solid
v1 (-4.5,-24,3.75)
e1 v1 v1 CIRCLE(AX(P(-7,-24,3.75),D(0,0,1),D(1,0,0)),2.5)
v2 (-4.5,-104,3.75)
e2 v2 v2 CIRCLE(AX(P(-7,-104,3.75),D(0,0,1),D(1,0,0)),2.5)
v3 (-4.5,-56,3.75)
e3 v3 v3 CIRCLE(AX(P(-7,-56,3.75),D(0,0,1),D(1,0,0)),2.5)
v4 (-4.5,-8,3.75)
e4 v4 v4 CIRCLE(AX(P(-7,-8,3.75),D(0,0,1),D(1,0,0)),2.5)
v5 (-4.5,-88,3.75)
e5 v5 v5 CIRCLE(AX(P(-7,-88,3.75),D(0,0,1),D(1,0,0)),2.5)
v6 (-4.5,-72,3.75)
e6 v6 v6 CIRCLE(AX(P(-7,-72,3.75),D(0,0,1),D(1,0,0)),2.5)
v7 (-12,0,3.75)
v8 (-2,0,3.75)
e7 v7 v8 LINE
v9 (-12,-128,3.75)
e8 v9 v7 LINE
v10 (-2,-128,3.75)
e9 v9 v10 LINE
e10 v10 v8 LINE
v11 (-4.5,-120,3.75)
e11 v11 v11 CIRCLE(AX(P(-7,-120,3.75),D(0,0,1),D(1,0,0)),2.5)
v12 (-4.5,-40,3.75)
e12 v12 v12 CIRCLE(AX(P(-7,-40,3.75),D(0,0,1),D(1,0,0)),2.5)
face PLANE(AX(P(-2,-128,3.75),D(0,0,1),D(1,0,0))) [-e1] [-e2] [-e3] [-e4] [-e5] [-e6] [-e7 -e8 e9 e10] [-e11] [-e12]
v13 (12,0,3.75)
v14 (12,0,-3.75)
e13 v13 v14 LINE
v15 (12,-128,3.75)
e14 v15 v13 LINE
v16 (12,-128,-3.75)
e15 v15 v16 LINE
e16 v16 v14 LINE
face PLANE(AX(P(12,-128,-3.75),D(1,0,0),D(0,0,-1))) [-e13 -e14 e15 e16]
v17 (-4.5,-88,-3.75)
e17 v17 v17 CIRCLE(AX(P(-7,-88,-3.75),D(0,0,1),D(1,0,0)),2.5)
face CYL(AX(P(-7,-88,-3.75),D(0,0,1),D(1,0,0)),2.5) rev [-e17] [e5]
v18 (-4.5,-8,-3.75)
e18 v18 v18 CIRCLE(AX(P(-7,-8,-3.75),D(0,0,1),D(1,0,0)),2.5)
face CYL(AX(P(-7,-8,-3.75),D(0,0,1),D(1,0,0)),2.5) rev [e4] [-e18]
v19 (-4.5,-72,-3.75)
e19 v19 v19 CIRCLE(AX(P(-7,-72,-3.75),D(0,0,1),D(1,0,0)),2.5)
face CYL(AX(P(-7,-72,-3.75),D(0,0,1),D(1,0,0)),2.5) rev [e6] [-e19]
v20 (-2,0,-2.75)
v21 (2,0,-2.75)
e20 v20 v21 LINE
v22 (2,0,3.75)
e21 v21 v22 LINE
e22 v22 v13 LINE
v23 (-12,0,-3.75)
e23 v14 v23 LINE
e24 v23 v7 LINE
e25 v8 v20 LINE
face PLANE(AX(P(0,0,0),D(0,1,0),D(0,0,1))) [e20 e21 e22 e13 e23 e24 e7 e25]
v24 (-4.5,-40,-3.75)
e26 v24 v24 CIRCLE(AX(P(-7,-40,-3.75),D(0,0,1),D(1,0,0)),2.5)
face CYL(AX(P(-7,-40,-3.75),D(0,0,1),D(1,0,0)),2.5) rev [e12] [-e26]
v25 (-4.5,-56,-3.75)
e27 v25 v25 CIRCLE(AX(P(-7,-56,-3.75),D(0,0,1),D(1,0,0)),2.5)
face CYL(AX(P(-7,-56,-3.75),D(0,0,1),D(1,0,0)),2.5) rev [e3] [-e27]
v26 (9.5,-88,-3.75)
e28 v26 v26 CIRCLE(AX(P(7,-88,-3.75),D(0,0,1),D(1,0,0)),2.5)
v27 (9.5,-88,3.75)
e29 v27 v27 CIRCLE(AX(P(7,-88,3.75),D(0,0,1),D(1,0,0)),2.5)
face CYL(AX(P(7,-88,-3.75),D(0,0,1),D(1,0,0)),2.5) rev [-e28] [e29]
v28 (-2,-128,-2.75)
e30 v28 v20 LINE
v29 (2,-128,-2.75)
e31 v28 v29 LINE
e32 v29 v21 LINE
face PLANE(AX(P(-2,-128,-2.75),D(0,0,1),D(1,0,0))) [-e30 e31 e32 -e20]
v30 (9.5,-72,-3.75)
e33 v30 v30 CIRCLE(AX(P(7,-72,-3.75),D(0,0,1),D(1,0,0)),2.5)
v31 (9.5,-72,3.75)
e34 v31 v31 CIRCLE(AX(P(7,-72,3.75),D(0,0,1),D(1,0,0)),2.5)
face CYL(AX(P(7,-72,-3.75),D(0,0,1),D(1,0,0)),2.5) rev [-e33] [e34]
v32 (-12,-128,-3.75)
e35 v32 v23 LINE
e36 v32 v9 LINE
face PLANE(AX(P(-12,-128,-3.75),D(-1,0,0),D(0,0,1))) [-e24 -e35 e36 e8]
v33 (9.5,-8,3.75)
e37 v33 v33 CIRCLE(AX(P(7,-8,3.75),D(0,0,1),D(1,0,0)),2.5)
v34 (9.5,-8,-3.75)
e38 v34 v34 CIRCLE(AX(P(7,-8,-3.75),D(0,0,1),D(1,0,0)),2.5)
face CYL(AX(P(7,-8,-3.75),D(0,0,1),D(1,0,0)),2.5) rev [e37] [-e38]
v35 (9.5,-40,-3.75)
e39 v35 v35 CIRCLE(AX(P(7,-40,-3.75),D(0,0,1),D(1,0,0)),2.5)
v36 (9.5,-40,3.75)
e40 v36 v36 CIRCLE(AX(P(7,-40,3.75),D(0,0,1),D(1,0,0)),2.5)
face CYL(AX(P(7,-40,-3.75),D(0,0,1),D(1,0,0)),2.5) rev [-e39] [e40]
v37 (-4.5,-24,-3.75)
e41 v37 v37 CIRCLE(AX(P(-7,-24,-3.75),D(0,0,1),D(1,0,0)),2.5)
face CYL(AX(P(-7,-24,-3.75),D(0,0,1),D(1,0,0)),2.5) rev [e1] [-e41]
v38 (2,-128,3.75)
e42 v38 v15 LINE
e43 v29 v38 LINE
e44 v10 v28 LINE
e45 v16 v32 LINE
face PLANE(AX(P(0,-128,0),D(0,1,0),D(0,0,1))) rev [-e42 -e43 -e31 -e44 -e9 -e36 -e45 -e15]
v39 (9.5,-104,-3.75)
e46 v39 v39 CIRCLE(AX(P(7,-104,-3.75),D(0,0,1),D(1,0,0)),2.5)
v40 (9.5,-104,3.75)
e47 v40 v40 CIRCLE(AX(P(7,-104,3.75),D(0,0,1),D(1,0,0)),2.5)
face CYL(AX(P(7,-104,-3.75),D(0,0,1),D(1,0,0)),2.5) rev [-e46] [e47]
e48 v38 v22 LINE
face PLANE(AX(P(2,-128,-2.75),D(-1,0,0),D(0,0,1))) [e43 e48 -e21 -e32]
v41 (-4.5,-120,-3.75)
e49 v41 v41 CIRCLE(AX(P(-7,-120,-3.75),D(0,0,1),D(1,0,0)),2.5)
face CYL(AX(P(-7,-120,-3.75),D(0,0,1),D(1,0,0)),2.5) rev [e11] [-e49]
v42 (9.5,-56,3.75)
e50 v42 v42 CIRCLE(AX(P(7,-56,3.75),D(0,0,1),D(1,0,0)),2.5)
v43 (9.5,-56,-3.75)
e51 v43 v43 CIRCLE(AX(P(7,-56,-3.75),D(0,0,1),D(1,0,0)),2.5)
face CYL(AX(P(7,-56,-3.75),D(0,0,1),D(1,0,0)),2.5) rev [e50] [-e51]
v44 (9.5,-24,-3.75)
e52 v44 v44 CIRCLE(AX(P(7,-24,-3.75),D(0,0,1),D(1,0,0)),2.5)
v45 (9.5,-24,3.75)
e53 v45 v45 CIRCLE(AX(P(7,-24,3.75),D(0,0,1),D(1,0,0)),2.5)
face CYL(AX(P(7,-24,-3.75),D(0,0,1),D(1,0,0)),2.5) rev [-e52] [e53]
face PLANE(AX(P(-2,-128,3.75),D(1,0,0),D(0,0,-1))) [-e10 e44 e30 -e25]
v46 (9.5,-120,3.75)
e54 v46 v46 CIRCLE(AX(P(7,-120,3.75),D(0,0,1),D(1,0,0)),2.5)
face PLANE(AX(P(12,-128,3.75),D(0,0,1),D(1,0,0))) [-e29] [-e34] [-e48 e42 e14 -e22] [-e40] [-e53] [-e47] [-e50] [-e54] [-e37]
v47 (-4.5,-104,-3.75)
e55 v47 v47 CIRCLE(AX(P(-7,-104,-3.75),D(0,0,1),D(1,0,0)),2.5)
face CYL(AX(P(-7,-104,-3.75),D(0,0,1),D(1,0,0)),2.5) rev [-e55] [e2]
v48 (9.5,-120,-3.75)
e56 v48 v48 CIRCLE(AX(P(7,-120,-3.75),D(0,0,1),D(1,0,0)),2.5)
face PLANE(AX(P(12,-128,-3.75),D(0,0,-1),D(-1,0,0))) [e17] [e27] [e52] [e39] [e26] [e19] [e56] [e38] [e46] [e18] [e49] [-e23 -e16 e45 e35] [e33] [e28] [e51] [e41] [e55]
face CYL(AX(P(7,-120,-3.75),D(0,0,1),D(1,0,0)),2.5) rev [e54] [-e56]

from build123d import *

# Parameters (mm, degrees)
BASE_DEPTH  = 128
ESQUISSE2_R = 2.5
TROU_DEPTH  = 129.779850908


with BuildPart() as part:
    # Esquisse1 → BASE (new body)
    with BuildSketch(Plane(origin=(0, 0, 0), x_dir=(1, 0, 0), z_dir=(0, 1, 0))):
        Polygon((-2, -3.75), (-2, 2.75), (2, 2.75), (2, -3.75), (12, -3.75), (12, 3.75), (-12, 3.75), (-12, -3.75), align=None)
    extrude(amount=-BASE_DEPTH)

    # Esquisse2 → TROU (cut, through all)
    with BuildSketch(Plane.XY.offset(3.75)):
        with Locations((-7, -8)):
            Circle(ESQUISSE2_R)
        with Locations((7, -8)):
            Circle(ESQUISSE2_R)
        with Locations((7, -24)):
            Circle(ESQUISSE2_R)
        with Locations((7, -40)):
            Circle(ESQUISSE2_R)
        with Locations((7, -56)):
            Circle(ESQUISSE2_R)
        with Locations((7, -72)):
            Circle(ESQUISSE2_R)
        with Locations((7, -88)):
            Circle(ESQUISSE2_R)
        with Locations((7, -104)):
            Circle(ESQUISSE2_R)
        with Locations((7, -120)):
            Circle(ESQUISSE2_R)
        with Locations((-7, -24)):
            Circle(ESQUISSE2_R)
        with Locations((-7, -40)):
            Circle(ESQUISSE2_R)
        with Locations((-7, -56)):
            Circle(ESQUISSE2_R)
        with Locations((-7, -72)):
            Circle(ESQUISSE2_R)
        with Locations((-7, -88)):
            Circle(ESQUISSE2_R)
        with Locations((-7, -104)):
            Circle(ESQUISSE2_R)
        with Locations((-7, -120)):
            Circle(ESQUISSE2_R)
    extrude(amount=-TROU_DEPTH, mode=Mode.SUBTRACT)


solid = part.part
